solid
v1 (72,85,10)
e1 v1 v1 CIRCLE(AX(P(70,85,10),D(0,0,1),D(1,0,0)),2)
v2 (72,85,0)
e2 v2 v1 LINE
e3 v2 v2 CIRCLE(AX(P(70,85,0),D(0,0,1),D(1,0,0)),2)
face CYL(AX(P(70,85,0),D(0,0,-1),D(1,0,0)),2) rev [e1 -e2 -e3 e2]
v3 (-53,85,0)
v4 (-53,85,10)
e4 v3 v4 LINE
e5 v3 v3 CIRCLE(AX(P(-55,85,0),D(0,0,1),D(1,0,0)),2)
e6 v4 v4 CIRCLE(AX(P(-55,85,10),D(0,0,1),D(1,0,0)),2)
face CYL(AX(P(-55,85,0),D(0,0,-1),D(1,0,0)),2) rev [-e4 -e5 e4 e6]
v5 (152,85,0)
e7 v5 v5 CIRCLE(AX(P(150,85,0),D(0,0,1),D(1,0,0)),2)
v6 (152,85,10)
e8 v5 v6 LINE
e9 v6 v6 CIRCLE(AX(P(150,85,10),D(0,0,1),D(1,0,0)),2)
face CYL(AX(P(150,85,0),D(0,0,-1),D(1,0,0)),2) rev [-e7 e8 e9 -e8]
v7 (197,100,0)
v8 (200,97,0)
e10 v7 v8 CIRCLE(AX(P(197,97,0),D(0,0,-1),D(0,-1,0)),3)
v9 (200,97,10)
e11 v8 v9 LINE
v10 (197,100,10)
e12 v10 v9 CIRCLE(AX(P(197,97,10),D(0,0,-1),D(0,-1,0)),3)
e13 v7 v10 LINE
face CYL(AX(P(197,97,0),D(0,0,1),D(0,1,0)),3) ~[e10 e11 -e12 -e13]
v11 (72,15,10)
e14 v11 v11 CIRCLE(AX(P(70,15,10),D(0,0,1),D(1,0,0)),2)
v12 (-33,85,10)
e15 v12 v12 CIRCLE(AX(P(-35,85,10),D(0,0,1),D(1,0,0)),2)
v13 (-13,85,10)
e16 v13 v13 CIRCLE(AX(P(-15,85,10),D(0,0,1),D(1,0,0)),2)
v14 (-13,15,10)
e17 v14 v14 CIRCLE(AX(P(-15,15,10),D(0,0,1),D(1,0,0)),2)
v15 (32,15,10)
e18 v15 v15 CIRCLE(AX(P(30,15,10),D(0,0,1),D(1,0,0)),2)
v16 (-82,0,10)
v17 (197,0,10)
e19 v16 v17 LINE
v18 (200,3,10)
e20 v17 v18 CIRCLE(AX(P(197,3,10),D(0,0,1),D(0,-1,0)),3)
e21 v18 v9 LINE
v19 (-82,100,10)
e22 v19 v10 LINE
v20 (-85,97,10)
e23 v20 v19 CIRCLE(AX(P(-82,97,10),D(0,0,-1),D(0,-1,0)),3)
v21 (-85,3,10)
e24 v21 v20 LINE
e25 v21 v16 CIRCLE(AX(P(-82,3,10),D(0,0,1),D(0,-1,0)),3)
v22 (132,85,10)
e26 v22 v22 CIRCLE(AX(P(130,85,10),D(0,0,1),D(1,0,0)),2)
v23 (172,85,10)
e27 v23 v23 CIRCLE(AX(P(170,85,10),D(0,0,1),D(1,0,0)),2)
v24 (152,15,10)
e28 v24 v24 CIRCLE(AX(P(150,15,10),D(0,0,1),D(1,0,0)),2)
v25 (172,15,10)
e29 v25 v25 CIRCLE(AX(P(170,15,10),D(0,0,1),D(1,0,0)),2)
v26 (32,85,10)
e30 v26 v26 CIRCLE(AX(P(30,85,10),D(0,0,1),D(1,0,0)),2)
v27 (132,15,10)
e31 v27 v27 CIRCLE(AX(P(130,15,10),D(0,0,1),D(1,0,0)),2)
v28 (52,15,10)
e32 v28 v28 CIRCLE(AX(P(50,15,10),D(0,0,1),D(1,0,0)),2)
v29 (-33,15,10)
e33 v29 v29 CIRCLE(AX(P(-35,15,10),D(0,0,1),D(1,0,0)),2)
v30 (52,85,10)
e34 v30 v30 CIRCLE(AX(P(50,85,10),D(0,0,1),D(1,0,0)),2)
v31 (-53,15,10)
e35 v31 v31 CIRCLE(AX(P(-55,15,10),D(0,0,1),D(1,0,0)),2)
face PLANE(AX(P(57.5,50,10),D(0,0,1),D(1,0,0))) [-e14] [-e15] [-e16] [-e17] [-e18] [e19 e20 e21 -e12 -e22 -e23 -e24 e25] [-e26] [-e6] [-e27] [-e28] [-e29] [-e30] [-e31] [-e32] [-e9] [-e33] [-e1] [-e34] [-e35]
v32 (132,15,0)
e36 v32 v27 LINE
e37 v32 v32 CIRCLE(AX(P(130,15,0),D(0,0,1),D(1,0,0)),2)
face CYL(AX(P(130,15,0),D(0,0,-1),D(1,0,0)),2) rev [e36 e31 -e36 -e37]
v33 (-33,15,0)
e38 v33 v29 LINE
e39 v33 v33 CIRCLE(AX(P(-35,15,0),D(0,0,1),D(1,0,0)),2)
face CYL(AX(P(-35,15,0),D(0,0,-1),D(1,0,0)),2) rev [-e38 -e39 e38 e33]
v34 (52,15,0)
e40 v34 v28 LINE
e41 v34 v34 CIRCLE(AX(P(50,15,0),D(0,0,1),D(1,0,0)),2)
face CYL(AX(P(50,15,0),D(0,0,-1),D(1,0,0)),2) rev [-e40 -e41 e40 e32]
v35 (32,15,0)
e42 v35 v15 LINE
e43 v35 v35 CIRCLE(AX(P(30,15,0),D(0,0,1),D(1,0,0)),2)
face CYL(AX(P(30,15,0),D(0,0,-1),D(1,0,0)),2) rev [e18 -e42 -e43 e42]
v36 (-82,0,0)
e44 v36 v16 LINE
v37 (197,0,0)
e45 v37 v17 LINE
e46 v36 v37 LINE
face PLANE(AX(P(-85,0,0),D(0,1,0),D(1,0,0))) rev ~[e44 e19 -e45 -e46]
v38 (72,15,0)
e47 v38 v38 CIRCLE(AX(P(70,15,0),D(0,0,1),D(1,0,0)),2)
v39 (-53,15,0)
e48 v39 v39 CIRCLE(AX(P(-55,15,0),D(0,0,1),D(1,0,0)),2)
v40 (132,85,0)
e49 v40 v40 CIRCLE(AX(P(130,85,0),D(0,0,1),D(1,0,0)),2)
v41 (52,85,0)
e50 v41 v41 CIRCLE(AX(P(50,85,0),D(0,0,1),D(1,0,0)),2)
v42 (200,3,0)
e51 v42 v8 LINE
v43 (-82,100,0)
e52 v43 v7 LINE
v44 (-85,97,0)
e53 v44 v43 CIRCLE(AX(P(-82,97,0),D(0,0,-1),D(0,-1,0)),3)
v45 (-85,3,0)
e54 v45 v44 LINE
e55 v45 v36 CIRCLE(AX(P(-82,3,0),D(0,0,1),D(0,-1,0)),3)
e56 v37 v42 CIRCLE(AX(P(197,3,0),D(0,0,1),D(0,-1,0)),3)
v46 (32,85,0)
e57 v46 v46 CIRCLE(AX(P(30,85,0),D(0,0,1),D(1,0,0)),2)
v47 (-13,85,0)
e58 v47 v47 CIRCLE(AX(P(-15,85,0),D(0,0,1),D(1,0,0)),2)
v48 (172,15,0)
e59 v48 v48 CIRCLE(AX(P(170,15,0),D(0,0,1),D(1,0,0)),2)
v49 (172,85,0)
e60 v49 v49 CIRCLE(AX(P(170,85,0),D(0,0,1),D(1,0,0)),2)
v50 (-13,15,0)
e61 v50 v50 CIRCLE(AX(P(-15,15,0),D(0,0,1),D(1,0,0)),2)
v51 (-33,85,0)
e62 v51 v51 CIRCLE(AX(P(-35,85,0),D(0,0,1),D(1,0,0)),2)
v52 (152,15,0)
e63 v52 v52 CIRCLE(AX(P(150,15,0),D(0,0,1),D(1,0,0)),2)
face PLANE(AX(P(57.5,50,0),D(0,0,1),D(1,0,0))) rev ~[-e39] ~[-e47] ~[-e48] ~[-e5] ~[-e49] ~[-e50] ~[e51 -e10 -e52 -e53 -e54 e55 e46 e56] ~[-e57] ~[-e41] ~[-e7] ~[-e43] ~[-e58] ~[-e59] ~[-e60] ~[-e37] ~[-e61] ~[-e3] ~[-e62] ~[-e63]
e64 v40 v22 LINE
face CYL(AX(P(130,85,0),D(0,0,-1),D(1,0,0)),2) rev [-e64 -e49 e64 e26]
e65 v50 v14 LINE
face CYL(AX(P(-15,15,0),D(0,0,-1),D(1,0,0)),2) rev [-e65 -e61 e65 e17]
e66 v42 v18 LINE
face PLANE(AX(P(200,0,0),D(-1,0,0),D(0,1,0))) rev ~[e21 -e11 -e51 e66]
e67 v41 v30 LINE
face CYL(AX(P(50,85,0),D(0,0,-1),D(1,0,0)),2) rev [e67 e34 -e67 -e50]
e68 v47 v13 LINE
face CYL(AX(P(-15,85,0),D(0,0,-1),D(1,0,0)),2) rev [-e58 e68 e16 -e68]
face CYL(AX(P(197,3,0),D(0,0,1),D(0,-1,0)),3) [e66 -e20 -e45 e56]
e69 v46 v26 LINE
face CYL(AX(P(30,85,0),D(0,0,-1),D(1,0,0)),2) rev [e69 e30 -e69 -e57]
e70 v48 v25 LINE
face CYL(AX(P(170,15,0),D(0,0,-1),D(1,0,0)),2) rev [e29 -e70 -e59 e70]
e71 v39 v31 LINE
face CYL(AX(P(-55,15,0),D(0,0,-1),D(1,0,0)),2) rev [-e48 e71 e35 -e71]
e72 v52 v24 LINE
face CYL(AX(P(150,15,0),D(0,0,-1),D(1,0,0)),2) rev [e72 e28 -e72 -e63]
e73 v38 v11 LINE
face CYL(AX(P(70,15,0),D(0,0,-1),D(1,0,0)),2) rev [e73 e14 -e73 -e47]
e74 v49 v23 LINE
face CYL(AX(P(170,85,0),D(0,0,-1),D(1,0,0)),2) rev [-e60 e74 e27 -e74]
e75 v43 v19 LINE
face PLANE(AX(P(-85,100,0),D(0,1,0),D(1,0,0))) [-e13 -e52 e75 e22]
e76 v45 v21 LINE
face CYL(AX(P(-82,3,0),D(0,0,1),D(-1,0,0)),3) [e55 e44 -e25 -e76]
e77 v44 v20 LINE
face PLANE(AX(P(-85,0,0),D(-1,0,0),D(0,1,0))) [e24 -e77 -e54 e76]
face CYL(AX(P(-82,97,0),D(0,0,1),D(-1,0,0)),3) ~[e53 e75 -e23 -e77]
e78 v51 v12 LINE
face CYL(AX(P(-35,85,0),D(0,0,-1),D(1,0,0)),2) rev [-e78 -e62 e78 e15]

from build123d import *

# Parameters (mm, degrees)
SKETCH_W  = 285
SKETCH_H  = 100
SKETCH_R  = 2
PAD_DEPTH = 10
FILLET_R  = 3


with BuildPart() as part:
    # Sketch → Pad (new body)
    with BuildSketch(Plane.XY):
        with Locations((57.5, 50)):
            Rectangle(SKETCH_W, SKETCH_H)
        with Locations((30, 85)):
            Circle(SKETCH_R, mode=Mode.SUBTRACT)
        with Locations((30, 15)):
            Circle(SKETCH_R, mode=Mode.SUBTRACT)
        with Locations((170, 85)):
            Circle(SKETCH_R, mode=Mode.SUBTRACT)
        with Locations((170, 15)):
            Circle(SKETCH_R, mode=Mode.SUBTRACT)
        with Locations((50, 85)):
            Circle(SKETCH_R, mode=Mode.SUBTRACT)
        with Locations((50, 15)):
            Circle(SKETCH_R, mode=Mode.SUBTRACT)
        with Locations((150, 85)):
            Circle(SKETCH_R, mode=Mode.SUBTRACT)
        with Locations((150, 15)):
            Circle(SKETCH_R, mode=Mode.SUBTRACT)
        with Locations((70, 85)):
            Circle(SKETCH_R, mode=Mode.SUBTRACT)
        with Locations((70, 15)):
            Circle(SKETCH_R, mode=Mode.SUBTRACT)
        with Locations((130, 15)):
            Circle(SKETCH_R, mode=Mode.SUBTRACT)
        with Locations((130, 85)):
            Circle(SKETCH_R, mode=Mode.SUBTRACT)
        with Locations((-35, 15)):
            Circle(SKETCH_R, mode=Mode.SUBTRACT)
        with Locations((-15, 15)):
            Circle(SKETCH_R, mode=Mode.SUBTRACT)
        with Locations((-55, 15)):
            Circle(SKETCH_R, mode=Mode.SUBTRACT)
        with Locations((-55, 85)):
            Circle(SKETCH_R, mode=Mode.SUBTRACT)
        with Locations((-35, 85)):
            Circle(SKETCH_R, mode=Mode.SUBTRACT)
        with Locations((-15, 85)):
            Circle(SKETCH_R, mode=Mode.SUBTRACT)
    extrude(amount=PAD_DEPTH)

    # Fillet
    fillet_edges = [part.edges().sort_by_distance(p)[0] for p in [
        (-85, 0, 5),
        (200, 0, 5),
        (200, 100, 5),
        (-85, 100, 5),
    ]]
    fillet(fillet_edges, radius=FILLET_R)


solid = part.part
